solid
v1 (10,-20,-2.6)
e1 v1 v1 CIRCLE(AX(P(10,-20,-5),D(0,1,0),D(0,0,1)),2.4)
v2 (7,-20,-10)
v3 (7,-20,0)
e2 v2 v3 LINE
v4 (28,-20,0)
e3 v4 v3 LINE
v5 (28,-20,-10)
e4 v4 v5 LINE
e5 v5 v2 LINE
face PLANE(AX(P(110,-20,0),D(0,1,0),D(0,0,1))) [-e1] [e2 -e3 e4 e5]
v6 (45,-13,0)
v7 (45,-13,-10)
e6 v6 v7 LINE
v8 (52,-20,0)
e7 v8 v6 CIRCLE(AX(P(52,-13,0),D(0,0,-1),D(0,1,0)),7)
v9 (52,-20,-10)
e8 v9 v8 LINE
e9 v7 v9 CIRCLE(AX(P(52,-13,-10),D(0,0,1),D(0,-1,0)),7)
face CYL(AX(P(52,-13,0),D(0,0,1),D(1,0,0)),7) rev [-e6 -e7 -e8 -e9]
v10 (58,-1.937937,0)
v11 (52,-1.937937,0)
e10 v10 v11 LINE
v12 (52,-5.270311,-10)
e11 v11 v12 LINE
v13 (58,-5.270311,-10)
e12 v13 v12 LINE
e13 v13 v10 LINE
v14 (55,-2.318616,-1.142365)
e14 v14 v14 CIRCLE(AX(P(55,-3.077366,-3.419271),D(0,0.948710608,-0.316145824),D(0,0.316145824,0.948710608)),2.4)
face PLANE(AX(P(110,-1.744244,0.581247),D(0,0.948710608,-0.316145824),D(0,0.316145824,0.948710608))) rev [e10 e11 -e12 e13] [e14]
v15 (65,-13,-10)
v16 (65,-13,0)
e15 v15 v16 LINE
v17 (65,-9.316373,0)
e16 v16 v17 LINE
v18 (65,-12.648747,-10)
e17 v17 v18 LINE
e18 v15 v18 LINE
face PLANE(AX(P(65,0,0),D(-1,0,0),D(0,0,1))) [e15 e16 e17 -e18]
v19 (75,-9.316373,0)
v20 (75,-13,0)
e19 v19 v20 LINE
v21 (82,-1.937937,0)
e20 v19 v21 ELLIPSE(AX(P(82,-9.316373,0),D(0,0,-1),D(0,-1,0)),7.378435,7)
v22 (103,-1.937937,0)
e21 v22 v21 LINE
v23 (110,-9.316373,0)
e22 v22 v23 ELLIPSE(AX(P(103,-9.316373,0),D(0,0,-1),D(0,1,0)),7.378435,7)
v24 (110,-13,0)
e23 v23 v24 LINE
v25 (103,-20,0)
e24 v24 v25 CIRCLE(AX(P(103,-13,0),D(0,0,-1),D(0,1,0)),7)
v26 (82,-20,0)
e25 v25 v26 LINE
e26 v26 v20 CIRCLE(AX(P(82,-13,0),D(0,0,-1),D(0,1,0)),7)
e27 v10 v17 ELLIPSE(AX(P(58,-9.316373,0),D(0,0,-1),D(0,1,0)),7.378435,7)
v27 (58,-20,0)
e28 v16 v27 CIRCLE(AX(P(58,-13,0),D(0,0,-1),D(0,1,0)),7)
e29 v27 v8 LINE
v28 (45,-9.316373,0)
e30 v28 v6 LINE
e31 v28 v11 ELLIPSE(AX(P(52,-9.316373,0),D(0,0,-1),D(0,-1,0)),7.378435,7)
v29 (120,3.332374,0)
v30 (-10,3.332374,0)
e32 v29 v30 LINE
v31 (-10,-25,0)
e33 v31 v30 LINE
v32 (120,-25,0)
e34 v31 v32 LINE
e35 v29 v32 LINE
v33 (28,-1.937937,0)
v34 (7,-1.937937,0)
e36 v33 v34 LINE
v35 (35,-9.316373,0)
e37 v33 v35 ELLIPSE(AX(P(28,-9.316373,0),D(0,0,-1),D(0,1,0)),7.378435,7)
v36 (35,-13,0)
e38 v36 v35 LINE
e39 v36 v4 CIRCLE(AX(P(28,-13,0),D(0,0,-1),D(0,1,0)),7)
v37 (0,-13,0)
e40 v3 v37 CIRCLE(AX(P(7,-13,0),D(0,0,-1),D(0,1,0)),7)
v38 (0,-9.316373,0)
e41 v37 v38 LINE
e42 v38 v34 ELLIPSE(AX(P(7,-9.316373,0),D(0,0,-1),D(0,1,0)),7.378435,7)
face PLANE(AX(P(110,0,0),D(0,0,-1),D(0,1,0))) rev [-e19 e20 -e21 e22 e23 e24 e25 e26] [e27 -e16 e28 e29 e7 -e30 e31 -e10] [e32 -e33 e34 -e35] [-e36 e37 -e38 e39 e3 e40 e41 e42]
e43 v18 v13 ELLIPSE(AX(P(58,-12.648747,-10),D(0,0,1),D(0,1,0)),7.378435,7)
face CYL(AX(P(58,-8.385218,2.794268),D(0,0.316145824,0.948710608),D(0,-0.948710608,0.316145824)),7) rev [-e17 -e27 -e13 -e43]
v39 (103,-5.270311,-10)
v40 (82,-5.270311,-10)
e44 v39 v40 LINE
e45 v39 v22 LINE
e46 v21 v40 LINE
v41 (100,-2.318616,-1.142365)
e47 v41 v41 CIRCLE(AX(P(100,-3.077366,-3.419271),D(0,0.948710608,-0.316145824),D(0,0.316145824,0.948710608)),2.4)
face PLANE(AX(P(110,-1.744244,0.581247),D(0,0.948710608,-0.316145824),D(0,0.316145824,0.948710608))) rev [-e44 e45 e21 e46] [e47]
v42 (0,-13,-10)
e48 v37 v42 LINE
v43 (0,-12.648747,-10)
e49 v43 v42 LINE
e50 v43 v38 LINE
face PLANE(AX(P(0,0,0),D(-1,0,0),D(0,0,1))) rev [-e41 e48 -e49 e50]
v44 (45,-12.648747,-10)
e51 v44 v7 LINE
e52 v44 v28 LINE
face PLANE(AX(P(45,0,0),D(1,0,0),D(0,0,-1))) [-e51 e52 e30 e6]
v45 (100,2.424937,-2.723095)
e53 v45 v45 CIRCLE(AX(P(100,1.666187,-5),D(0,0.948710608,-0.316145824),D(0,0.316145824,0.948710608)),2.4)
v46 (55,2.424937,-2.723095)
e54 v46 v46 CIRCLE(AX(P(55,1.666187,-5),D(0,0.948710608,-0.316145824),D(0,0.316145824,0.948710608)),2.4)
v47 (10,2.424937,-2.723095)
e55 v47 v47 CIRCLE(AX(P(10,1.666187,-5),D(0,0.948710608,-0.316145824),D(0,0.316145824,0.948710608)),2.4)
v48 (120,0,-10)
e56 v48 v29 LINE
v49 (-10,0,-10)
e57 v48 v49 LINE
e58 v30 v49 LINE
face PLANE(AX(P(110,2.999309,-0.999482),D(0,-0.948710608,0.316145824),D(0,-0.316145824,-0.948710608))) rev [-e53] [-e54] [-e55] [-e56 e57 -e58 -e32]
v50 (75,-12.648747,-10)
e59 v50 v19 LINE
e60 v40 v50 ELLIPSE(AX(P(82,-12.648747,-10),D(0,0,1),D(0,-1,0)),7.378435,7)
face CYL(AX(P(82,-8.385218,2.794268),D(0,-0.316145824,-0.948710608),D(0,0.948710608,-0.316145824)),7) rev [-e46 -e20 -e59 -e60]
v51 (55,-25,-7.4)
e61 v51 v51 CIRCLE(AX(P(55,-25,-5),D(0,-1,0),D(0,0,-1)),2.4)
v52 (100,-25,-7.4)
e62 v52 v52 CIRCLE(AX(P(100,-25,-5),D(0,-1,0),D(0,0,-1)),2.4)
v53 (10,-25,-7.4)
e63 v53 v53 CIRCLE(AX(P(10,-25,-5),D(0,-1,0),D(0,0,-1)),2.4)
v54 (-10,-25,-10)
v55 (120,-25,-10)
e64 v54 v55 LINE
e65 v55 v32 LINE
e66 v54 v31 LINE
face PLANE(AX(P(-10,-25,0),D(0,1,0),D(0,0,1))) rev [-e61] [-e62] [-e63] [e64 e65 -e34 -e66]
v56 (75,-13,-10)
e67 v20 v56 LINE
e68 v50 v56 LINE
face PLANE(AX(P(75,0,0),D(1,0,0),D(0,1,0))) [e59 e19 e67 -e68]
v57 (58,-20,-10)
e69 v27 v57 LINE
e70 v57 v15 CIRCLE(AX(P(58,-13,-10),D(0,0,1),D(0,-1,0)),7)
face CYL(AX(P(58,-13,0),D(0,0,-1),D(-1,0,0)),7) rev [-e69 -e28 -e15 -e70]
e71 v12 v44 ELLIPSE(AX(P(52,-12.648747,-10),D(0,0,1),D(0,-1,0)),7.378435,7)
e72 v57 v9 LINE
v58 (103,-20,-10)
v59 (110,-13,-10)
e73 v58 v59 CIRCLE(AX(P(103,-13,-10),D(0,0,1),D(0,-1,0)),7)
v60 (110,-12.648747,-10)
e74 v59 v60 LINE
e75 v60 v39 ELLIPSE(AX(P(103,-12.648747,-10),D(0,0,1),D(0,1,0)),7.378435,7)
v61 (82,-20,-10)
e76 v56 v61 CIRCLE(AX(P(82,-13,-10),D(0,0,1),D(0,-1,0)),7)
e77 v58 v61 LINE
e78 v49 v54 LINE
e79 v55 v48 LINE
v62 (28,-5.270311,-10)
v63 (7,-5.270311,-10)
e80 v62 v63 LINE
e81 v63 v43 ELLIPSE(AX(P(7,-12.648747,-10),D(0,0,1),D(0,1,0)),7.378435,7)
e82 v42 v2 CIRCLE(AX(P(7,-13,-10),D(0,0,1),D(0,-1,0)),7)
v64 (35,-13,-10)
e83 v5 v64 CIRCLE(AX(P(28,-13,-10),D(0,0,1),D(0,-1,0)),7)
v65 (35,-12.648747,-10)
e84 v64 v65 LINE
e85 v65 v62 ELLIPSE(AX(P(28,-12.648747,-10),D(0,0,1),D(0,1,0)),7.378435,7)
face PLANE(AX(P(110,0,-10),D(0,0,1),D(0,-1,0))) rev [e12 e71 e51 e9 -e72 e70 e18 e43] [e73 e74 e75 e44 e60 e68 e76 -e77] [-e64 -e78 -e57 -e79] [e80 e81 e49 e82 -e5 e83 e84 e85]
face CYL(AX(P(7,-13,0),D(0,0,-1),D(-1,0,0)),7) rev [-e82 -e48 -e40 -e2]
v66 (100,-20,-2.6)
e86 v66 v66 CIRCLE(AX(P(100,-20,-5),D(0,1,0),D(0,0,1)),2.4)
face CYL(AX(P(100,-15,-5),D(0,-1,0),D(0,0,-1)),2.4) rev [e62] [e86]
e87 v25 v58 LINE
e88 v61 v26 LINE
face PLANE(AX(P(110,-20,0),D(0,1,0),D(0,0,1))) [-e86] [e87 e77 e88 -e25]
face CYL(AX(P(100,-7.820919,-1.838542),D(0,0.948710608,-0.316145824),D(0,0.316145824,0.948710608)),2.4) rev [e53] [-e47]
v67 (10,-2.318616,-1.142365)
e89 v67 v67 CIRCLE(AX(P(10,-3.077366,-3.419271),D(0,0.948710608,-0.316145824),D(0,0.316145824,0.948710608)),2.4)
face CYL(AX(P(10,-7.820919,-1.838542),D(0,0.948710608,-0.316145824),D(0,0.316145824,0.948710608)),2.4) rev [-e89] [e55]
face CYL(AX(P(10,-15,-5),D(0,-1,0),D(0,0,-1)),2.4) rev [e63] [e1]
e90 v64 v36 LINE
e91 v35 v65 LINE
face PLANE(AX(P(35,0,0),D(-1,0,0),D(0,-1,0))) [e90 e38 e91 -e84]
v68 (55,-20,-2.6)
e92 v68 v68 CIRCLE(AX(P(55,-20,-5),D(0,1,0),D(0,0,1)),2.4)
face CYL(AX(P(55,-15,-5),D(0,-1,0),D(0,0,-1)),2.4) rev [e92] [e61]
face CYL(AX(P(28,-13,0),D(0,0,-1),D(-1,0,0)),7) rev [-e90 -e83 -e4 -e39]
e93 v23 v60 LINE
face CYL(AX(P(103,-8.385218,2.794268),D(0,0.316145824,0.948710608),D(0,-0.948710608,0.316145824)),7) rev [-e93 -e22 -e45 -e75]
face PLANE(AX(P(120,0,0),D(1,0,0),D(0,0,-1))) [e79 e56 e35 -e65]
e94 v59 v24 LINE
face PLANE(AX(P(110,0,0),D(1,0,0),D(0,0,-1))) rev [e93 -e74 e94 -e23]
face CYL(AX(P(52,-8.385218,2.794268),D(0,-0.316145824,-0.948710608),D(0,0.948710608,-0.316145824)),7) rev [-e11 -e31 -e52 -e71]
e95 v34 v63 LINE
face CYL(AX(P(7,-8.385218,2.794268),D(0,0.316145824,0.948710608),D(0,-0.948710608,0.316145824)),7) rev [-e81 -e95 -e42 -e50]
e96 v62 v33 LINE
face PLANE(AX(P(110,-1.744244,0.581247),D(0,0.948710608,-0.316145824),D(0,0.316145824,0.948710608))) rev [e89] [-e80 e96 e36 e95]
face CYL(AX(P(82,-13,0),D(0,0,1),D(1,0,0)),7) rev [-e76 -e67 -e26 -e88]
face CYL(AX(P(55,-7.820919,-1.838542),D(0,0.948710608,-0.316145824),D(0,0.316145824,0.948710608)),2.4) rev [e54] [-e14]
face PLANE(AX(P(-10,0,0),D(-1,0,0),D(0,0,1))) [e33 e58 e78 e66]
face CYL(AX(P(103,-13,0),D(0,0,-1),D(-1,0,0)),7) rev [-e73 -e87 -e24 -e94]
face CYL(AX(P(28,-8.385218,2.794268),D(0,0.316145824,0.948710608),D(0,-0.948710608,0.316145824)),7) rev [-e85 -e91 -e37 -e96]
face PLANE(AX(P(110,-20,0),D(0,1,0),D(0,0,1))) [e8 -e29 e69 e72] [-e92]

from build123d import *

# Parameters (mm, degrees)
ESQUISSE1_W             = 10
ESQUISSE1_H             = 5
BOSS_EXTRU_1_DEPTH      = 110
BOSS_EXTRU_2_DEPTH      = 10
BOSS_EXTRU_3_DEPTH      = 10
ESQUISSE4_W             = 10
ESQUISSE4_H             = 25
BOSS_EXTRU_4_DEPTH      = 10
ESQUISSE5_R             = 2.4
ENL_V_MAT_EXTRU_1_DEPTH = 10
ESQUISSE6_R             = 2.4
ENL_V_MAT_EXTRU_2_DEPTH = 10
CONG_1_R                = 7


with BuildPart() as part:
    # Esquisse1 → Boss.-Extru.1 (new body)
    with BuildSketch(Plane(origin=(0, 0, 0), x_dir=(0, 0, -1), z_dir=(1, 0, 0))):
        Polygon((10, 0), (0, 3.332373658), (0, 0), align=None)
        Polygon((0, 0), (0, -1.93793739), (10, -5.270311049), (10, 0), align=None)
        with Locations((5, -22.5)):
            Rectangle(ESQUISSE1_W, ESQUISSE1_H)
    extrude(amount=BOSS_EXTRU_1_DEPTH)

    # Esquisse2 → Boss.-Extru.2 (add)
    with BuildSketch(Plane.ZY):
        Polygon((0, 3.332373658), (-10, 0), (0, 0), align=None)
        Polygon((0, 0), (-10, 0), (-10, -5.270311049), (0, -1.93793739), align=None)
        Polygon((0, -1.93793739), (-10, -5.270311049), (-10, -25), (0, -25), align=None)
    extrude(amount=BOSS_EXTRU_2_DEPTH)

    # Esquisse3 → Boss.-Extru.3 (add)
    with BuildSketch(Plane(origin=(110, 0, 0), x_dir=(0, 0, -1), z_dir=(1, 0, 0))):
        Polygon((0, 0), (10, 0), (0, 3.332373658), align=None)
        Polygon((10, -5.270311049), (10, 0), (0, 0), (0, -1.93793739), align=None)
        Polygon((10, -25), (10, -5.270311049), (0, -1.93793739), (0, -25), align=None)
    extrude(amount=BOSS_EXTRU_3_DEPTH)

    # Esquisse4 → Boss.-Extru.4 (add)
    with BuildSketch(Plane(origin=(0, 0, -10), x_dir=(-1, 0, 0), z_dir=(0, 0, -1))):
        with Locations((-70, -12.5)):
            Rectangle(ESQUISSE4_W, ESQUISSE4_H)
        with Locations((-40, -12.5)):
            Rectangle(ESQUISSE4_W, ESQUISSE4_H)
    extrude(amount=-BOSS_EXTRU_4_DEPTH)

    # Esquisse5 → Enlèv. mat.-Extru.1 (cut)
    with BuildSketch(Plane(origin=(0, 2.999308969, -0.99948182), x_dir=(1, 0, 0), z_dir=(0, 0.948710608132916, -0.3161458239737997))):
        with Locations(Location((10, 4.216795033, 0), (0, 0, 270))):
            Circle(ESQUISSE5_R)
        with Locations(Location((55, 4.216795033, 0), (0, 0, 270))):
            Circle(ESQUISSE5_R)
        with Locations(Location((100, 4.216795033, 0), (0, 0, 270))):
            Circle(ESQUISSE5_R)
    extrude(amount=-ENL_V_MAT_EXTRU_1_DEPTH, mode=Mode.SUBTRACT)

    # Esquisse6 → Enlèv. mat.-Extru.2 (cut)
    with BuildSketch(Plane.XZ.offset(25)):
        with Locations(Location((10, -5, 0), (0, 0, 270))):
            Circle(ESQUISSE6_R)
        with Locations(Location((55, -5, 0), (0, 0, 270))):
            Circle(ESQUISSE6_R)
        with Locations(Location((100, -5, 0), (0, 0, 270))):
            Circle(ESQUISSE6_R)
    extrude(amount=-ENL_V_MAT_EXTRU_2_DEPTH, mode=Mode.SUBTRACT)

    # Congé1
    cong_1_edges = [part.edges().sort_by_distance(p)[0] for p in [
        (75, -20, -5),
        (65, -20, -5),
        (75, -3.60412422, -5),
        (65, -3.60412422, -5),
        (110, -3.60412422, -5),
        (110, -20, -5),
        (0, -20, -5),
        (0, -3.60412422, -5),
        (35, -20, -5),
        (45, -20, -5),
        (45, -3.60412422, -5),
        (35, -3.60412422, -5),
    ]]
    fillet(cong_1_edges, radius=CONG_1_R)


solid = part.part
